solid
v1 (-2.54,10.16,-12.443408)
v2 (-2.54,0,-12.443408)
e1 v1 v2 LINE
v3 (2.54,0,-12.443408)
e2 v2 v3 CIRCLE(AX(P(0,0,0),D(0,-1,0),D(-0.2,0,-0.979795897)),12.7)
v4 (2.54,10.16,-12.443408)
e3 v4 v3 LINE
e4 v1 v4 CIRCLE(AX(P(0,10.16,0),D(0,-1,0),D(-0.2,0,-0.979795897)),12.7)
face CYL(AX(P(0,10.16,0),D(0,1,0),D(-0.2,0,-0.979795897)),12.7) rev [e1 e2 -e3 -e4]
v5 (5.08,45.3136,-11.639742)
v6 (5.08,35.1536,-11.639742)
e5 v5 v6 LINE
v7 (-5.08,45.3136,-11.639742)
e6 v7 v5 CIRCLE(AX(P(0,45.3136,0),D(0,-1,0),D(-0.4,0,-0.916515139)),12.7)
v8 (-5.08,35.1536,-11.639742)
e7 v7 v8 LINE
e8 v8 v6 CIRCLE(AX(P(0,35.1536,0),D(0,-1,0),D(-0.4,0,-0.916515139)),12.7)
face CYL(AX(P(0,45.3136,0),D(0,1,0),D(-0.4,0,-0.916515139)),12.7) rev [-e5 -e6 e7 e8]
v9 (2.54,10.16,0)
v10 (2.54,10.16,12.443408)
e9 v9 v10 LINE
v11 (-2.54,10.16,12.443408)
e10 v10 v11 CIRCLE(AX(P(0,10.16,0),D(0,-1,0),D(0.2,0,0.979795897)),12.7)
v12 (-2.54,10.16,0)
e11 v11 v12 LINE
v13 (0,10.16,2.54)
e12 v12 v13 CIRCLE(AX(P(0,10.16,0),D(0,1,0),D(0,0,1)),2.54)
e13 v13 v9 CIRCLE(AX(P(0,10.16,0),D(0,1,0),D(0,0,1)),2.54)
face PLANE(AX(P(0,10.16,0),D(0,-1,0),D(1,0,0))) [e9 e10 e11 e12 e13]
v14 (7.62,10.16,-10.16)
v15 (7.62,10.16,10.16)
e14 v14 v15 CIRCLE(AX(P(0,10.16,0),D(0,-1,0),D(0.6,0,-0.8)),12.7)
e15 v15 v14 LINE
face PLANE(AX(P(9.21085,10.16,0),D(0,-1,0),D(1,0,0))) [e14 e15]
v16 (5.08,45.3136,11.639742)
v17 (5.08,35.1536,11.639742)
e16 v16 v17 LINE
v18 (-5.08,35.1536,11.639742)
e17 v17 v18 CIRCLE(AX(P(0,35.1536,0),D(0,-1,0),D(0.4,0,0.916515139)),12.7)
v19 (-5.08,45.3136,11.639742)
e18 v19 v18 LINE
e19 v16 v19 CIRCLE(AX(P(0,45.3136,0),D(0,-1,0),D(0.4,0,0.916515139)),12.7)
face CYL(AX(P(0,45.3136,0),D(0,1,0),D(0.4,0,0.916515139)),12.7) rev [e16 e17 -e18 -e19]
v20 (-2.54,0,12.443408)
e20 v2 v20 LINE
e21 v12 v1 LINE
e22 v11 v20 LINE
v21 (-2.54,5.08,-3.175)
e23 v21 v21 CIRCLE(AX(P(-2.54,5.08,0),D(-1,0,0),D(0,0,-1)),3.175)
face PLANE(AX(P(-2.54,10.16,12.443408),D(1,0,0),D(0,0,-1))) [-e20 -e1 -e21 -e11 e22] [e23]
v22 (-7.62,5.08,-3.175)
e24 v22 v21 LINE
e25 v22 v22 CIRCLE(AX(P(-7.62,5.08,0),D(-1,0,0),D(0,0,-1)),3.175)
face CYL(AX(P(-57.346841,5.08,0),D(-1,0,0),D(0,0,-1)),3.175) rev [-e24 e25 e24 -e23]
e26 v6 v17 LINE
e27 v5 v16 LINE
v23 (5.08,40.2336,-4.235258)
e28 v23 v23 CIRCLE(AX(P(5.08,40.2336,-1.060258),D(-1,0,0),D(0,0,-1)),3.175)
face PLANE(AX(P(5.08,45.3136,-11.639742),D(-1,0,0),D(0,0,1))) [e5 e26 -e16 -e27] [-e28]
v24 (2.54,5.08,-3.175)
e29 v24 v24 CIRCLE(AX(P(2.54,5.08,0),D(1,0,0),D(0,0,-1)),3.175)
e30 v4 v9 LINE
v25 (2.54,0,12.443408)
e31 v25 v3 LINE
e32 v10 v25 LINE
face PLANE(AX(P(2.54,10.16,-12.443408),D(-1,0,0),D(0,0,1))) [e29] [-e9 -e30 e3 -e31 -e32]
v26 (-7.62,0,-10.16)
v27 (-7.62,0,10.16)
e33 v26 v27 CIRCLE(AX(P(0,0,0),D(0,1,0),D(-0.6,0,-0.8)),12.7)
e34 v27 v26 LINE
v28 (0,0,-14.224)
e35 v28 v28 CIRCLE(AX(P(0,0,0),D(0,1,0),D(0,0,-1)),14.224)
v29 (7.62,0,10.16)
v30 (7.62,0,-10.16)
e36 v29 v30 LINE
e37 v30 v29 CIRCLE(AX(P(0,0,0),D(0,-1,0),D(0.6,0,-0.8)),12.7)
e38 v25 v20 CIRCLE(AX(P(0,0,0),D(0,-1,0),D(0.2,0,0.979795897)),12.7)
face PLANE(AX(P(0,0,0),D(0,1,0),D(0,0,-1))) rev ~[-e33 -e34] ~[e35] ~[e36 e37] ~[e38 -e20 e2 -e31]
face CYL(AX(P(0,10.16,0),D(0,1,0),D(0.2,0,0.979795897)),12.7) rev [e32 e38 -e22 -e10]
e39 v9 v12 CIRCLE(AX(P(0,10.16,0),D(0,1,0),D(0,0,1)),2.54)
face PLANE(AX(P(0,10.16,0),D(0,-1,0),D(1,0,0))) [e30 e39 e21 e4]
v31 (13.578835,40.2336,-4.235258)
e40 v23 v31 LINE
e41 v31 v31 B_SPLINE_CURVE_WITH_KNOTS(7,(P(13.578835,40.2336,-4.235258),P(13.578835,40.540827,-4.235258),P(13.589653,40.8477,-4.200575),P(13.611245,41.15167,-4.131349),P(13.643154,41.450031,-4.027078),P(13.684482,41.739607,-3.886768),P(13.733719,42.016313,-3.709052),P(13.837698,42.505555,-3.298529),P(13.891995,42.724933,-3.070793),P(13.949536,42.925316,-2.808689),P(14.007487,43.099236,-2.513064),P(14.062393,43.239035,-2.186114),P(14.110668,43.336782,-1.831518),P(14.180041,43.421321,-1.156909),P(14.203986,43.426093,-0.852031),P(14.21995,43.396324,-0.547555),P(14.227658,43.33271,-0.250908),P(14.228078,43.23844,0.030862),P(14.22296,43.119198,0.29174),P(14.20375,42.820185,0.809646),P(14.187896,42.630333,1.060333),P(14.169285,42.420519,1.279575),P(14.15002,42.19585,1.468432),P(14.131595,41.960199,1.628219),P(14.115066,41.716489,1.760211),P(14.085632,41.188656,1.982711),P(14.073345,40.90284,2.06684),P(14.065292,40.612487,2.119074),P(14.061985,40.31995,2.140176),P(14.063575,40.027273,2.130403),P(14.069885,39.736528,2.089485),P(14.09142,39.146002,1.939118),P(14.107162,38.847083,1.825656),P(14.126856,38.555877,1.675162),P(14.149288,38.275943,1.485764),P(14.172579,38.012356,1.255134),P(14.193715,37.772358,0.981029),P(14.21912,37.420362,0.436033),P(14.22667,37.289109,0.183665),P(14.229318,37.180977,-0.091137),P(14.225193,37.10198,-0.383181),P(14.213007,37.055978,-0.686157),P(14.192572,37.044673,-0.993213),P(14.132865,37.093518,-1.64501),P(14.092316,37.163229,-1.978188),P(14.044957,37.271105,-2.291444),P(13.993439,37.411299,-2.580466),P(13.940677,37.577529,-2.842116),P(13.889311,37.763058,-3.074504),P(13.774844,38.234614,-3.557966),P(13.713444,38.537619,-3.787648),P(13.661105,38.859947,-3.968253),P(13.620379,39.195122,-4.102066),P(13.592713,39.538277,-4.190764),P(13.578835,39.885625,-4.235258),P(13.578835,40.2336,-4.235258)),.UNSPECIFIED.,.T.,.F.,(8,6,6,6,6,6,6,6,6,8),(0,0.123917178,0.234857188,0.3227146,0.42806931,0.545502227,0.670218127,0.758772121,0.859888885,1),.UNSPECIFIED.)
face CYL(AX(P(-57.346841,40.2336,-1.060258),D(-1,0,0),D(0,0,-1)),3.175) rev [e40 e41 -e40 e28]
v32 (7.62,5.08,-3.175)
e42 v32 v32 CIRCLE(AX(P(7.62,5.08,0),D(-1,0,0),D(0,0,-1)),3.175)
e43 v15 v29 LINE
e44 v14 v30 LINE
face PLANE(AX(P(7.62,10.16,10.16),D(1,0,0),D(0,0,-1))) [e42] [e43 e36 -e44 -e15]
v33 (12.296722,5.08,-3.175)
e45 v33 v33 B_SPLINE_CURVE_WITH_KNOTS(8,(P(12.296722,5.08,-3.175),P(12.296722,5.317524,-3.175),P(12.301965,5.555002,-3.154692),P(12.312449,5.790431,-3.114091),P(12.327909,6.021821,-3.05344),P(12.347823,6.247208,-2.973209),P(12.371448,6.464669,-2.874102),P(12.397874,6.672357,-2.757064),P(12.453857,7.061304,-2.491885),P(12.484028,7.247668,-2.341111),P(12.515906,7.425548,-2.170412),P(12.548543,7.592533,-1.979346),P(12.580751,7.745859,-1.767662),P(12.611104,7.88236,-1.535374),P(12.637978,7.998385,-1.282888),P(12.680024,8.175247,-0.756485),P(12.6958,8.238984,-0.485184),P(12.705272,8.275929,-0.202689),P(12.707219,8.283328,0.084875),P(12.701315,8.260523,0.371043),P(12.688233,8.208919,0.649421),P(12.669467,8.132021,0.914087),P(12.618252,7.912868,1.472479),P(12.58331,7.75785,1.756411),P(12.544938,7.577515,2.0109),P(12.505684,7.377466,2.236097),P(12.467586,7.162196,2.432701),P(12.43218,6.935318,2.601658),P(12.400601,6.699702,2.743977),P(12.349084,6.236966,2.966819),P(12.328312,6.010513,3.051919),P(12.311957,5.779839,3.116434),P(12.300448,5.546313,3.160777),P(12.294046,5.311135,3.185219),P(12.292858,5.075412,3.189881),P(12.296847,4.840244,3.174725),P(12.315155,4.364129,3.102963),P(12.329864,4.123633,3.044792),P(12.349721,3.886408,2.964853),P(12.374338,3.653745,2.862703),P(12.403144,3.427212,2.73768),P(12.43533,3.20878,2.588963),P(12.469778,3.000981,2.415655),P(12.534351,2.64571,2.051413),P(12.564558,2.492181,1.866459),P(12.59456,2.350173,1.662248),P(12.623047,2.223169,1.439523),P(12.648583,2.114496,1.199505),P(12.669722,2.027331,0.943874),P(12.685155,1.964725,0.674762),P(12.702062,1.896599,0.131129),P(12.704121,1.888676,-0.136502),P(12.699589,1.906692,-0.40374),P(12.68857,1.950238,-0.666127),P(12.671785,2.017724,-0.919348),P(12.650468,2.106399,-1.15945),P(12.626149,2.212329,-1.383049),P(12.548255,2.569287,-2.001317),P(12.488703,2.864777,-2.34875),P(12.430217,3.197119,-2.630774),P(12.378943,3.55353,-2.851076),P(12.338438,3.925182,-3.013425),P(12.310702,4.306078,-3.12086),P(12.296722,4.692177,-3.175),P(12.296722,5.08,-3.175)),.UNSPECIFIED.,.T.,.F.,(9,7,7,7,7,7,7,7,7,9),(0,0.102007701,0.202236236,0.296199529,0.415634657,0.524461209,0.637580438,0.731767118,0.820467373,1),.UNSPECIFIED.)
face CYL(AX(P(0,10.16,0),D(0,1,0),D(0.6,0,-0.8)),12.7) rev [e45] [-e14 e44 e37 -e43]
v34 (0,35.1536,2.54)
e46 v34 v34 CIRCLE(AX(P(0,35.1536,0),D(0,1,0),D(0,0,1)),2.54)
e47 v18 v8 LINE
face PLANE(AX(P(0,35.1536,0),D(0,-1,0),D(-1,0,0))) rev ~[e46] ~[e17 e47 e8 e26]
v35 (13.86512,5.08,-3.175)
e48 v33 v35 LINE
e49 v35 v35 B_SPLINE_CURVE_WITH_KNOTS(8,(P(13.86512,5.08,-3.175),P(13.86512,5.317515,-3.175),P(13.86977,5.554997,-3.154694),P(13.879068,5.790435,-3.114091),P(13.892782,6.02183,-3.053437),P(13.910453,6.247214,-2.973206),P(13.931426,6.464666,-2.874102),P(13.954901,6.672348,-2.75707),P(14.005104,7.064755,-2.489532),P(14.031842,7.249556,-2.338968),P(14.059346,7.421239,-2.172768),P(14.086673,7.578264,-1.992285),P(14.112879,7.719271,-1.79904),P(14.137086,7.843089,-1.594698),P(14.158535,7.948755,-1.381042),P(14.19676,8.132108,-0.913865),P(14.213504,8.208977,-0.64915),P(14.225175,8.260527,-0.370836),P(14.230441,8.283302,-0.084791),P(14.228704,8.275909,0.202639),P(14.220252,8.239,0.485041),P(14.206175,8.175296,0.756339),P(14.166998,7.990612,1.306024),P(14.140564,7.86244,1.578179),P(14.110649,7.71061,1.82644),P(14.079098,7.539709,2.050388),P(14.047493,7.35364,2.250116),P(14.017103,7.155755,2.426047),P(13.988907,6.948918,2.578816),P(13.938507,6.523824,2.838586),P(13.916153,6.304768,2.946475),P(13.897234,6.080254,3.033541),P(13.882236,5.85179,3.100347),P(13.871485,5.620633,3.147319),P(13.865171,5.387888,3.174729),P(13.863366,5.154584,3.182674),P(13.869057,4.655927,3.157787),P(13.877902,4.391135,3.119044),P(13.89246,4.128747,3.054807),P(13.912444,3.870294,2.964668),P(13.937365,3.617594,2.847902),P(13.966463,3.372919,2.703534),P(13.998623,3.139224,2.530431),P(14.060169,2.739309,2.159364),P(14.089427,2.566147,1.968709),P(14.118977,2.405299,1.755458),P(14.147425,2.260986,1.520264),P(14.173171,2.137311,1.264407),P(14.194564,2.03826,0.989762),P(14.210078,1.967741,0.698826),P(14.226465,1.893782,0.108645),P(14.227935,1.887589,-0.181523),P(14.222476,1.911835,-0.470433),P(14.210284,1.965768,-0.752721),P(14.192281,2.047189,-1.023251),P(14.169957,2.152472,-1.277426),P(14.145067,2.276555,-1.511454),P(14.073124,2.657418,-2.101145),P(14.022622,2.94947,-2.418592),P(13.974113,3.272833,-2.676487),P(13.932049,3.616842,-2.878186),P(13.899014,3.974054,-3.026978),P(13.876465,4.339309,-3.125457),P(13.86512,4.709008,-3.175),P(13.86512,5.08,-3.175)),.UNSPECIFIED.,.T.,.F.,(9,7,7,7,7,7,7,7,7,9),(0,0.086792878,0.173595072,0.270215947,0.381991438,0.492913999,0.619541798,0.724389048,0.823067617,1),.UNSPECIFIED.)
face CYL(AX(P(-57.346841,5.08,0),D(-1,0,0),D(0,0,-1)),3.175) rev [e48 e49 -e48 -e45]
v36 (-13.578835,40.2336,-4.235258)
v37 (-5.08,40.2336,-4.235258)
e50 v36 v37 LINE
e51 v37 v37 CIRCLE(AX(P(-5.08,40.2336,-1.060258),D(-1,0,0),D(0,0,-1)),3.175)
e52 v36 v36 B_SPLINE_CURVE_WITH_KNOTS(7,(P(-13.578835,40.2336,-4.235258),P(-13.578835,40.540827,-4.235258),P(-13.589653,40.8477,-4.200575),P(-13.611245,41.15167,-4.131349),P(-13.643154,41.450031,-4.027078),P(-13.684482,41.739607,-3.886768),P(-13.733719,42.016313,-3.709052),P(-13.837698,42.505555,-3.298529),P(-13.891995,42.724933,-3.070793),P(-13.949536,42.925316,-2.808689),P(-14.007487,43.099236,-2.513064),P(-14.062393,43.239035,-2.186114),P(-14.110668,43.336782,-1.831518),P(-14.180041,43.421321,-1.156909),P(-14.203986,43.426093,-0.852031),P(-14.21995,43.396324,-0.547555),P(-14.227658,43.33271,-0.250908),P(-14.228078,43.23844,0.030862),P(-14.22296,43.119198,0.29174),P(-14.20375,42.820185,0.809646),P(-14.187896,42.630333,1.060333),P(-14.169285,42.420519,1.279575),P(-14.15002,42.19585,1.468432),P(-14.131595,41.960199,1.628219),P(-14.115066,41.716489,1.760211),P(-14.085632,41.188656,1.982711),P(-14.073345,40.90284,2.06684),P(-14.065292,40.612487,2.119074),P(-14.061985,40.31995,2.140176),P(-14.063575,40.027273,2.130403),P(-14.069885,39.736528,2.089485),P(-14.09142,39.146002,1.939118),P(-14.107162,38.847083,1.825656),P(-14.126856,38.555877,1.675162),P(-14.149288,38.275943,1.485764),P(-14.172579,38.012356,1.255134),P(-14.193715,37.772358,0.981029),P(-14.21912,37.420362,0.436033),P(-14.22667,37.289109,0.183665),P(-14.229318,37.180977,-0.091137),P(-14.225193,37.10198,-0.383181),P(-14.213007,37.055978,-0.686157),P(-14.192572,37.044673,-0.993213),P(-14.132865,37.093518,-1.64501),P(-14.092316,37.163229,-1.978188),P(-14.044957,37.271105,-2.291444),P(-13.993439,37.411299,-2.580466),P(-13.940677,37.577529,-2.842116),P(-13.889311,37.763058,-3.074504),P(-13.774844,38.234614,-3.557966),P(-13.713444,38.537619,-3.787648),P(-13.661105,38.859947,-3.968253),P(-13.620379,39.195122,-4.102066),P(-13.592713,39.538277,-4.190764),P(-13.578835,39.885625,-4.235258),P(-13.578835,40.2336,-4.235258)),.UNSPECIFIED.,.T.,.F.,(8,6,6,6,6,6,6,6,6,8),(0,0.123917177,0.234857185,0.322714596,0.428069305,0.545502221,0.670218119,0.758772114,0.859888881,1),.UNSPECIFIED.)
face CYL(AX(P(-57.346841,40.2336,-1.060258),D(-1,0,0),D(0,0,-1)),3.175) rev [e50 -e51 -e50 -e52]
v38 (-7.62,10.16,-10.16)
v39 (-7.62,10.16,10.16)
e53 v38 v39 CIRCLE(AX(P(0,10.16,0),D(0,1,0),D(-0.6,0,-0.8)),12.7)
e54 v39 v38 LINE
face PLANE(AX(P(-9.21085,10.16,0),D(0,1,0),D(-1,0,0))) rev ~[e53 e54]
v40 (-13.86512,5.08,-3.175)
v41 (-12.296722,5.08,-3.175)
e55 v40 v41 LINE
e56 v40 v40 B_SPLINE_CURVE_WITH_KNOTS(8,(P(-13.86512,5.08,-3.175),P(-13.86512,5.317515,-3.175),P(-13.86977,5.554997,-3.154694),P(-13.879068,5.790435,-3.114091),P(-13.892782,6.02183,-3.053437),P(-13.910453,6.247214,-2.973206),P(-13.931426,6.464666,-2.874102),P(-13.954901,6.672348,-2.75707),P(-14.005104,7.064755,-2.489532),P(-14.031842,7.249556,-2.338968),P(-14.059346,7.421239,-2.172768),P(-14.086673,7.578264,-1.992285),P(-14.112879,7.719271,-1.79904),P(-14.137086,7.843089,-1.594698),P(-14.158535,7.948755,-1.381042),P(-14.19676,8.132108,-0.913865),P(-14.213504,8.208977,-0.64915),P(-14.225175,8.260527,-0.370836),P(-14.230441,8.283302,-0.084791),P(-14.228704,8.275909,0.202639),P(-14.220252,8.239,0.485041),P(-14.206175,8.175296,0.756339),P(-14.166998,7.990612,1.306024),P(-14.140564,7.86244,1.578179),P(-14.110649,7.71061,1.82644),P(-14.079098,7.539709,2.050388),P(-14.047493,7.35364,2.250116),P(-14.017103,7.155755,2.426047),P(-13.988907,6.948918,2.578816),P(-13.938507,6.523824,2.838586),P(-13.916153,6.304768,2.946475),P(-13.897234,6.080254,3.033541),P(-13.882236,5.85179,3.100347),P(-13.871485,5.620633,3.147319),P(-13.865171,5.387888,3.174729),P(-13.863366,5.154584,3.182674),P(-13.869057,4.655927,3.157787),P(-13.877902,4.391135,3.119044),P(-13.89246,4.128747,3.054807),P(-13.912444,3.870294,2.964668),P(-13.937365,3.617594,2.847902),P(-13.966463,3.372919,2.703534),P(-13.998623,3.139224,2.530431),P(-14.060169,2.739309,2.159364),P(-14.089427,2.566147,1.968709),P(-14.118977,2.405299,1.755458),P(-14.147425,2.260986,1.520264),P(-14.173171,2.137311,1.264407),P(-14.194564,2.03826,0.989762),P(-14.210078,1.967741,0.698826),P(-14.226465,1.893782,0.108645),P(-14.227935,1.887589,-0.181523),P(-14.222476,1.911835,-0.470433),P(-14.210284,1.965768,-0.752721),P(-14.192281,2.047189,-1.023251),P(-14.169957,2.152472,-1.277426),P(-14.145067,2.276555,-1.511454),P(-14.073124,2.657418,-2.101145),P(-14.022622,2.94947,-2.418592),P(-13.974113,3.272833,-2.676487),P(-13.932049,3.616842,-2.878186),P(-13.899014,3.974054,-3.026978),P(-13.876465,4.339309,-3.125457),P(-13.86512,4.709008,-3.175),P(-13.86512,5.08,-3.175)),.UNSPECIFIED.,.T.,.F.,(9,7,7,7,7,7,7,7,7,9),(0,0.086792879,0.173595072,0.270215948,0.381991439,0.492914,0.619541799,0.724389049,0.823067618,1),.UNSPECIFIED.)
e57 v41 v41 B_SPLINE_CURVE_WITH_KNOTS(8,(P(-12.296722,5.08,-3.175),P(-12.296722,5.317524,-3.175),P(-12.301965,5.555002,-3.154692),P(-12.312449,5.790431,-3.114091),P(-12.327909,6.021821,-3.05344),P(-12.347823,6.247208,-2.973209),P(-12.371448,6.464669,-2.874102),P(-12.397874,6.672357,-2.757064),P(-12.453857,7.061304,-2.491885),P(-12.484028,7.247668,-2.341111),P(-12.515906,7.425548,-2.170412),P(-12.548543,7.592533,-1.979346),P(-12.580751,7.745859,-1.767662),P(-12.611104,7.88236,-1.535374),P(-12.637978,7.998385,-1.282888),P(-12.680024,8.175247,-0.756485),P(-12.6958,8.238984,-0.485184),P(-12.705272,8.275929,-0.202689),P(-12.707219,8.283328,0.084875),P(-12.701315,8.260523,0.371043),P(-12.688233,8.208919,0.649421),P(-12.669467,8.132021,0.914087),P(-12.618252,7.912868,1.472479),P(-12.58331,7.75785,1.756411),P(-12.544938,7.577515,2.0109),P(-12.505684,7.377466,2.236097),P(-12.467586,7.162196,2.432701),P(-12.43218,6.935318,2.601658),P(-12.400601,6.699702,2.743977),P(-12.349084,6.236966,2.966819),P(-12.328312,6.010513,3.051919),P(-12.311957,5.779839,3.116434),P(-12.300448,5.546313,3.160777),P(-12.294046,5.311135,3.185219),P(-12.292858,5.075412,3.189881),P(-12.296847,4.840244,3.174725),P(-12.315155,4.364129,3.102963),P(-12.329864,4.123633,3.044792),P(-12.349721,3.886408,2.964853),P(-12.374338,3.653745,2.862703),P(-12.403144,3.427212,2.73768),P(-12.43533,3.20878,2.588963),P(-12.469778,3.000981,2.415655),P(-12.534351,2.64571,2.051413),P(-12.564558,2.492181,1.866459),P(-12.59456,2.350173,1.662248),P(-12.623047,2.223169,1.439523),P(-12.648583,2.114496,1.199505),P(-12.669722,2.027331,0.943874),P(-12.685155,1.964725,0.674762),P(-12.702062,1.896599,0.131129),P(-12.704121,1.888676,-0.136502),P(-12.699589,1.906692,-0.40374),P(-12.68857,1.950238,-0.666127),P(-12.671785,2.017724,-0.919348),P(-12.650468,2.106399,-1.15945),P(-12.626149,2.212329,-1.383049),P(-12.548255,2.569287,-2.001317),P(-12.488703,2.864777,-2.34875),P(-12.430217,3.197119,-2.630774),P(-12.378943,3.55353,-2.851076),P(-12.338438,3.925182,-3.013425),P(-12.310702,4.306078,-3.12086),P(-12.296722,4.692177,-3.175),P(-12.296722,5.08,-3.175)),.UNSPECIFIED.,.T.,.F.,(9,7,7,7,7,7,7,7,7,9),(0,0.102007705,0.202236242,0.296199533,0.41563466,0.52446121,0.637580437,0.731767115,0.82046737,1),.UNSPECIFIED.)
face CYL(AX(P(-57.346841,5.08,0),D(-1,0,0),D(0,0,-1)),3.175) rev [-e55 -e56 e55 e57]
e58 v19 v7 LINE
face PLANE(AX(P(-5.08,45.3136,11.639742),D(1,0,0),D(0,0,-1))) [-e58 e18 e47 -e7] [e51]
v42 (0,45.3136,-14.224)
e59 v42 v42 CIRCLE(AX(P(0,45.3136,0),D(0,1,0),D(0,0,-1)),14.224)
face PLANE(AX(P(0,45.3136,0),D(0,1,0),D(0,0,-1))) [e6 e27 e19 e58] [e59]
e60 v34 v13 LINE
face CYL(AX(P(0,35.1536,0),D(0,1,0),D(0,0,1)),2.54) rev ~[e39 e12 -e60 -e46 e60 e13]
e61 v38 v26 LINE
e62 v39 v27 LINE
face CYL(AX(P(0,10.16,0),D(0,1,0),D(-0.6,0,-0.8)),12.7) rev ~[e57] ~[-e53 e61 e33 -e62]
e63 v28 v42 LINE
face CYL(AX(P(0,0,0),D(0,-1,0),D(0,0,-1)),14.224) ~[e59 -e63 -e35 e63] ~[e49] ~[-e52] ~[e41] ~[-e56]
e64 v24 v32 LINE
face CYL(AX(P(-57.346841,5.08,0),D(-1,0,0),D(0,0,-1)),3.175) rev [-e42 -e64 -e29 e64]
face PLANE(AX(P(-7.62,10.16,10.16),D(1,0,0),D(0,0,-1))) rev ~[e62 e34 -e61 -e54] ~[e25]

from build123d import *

# Parameters (mm, degrees)
SKETCH1_R               = 14.224
BOSS_EXTRUDE1_DEPTH     = 45.3136
CUT_EXTRUDE1_DEPTH      = 10.16
CUT_EXTRUDE2_START      = -10.16
CUT_EXTRUDE2_DEPTH      = 10.16
CUT_EXTRUDE3_DEPTH      = 52.266840521
CUT_EXTRUDE3_DEPTH_BACK = 52.266840521
SKETCH4_R               = 3.175
SKETCH5_R               = 2.54
CUT_EXTRUDE4_DEPTH      = 41.502098192


with BuildPart() as part:
    # Sketch1 → Boss-Extrude1 (new body)
    with BuildSketch(Plane(origin=(0, 0, 0), x_dir=(1, 0, 0), z_dir=(0, 1, 0))):
        with Locations(Location((0, 0, 0), (0, 0, 90))):
            Circle(SKETCH1_R)
    extrude(amount=BOSS_EXTRUDE1_DEPTH)

    # Sketch2 → Cut-Extrude1 (cut)
    with BuildSketch(Plane(origin=(0, 45.3136, 0), x_dir=(1, 0, 0), z_dir=(0, 1, 0))):
        with BuildLine():
            Line((5.08, 11.639742265), (5.08, -11.639742265))
            ThreePointArc((5.08, -11.639742265), (0, -12.7), (-5.08, -11.639742265))
            Line((-5.08, -11.639742265), (-5.08, 11.639742265))
            ThreePointArc((-5.08, 11.639742265), (0, 12.7), (5.08, 11.639742265))
        make_face()
    extrude(amount=-CUT_EXTRUDE1_DEPTH, mode=Mode.SUBTRACT)

    # Sketch3 → Cut-Extrude2 (cut)
    with BuildSketch(Plane.XZ.offset(CUT_EXTRUDE2_START)):
        with BuildLine():
            Line((-2.54, 12.443407893), (-2.54, -12.443407893))
            ThreePointArc((-2.54, -12.443407893), (0, -12.7), (2.54, -12.443407893))
            Line((2.54, -12.443407893), (2.54, 12.443407893))
            ThreePointArc((2.54, 12.443407893), (0, 12.7), (-2.54, 12.443407893))
        make_face()
        with BuildLine():
            Line((-7.62, 10.16), (-7.62, -10.16))
            ThreePointArc((-7.62, -10.16), (-12.7, 0), (-7.62, 10.16))
        make_face()
        with BuildLine():
            Line((7.62, 10.16), (7.62, -10.16))
            ThreePointArc((7.62, -10.16), (12.7, 0), (7.62, 10.16))
        make_face()
    extrude(amount=CUT_EXTRUDE2_DEPTH, mode=Mode.SUBTRACT)

    # Sketch4 → Cut-Extrude3 (cut, two sides: drawn at the far end of the back side and taken through both)
    with BuildSketch(Plane(origin=(-5.08, 0, 0), x_dir=(0, 0, -1), z_dir=(1, 0, 0)).offset(-CUT_EXTRUDE3_DEPTH_BACK)):
        with Locations((1.060257735, 40.2336)):
            Circle(SKETCH4_R)
        with Locations((0, 5.08)):
            Circle(SKETCH4_R)
    extrude(amount=CUT_EXTRUDE3_DEPTH + CUT_EXTRUDE3_DEPTH_BACK, mode=Mode.SUBTRACT)

    # Sketch5 → Cut-Extrude4 (cut, through all)
    with BuildSketch(Plane(origin=(0, 35.1536, 0), x_dir=(1, 0, 0), z_dir=(0, 1, 0))):
        with Locations(Location((0, 0, 0), (0, 0, 270))):
            Circle(SKETCH5_R)
    extrude(amount=-CUT_EXTRUDE4_DEPTH, mode=Mode.SUBTRACT)


solid = part.part
